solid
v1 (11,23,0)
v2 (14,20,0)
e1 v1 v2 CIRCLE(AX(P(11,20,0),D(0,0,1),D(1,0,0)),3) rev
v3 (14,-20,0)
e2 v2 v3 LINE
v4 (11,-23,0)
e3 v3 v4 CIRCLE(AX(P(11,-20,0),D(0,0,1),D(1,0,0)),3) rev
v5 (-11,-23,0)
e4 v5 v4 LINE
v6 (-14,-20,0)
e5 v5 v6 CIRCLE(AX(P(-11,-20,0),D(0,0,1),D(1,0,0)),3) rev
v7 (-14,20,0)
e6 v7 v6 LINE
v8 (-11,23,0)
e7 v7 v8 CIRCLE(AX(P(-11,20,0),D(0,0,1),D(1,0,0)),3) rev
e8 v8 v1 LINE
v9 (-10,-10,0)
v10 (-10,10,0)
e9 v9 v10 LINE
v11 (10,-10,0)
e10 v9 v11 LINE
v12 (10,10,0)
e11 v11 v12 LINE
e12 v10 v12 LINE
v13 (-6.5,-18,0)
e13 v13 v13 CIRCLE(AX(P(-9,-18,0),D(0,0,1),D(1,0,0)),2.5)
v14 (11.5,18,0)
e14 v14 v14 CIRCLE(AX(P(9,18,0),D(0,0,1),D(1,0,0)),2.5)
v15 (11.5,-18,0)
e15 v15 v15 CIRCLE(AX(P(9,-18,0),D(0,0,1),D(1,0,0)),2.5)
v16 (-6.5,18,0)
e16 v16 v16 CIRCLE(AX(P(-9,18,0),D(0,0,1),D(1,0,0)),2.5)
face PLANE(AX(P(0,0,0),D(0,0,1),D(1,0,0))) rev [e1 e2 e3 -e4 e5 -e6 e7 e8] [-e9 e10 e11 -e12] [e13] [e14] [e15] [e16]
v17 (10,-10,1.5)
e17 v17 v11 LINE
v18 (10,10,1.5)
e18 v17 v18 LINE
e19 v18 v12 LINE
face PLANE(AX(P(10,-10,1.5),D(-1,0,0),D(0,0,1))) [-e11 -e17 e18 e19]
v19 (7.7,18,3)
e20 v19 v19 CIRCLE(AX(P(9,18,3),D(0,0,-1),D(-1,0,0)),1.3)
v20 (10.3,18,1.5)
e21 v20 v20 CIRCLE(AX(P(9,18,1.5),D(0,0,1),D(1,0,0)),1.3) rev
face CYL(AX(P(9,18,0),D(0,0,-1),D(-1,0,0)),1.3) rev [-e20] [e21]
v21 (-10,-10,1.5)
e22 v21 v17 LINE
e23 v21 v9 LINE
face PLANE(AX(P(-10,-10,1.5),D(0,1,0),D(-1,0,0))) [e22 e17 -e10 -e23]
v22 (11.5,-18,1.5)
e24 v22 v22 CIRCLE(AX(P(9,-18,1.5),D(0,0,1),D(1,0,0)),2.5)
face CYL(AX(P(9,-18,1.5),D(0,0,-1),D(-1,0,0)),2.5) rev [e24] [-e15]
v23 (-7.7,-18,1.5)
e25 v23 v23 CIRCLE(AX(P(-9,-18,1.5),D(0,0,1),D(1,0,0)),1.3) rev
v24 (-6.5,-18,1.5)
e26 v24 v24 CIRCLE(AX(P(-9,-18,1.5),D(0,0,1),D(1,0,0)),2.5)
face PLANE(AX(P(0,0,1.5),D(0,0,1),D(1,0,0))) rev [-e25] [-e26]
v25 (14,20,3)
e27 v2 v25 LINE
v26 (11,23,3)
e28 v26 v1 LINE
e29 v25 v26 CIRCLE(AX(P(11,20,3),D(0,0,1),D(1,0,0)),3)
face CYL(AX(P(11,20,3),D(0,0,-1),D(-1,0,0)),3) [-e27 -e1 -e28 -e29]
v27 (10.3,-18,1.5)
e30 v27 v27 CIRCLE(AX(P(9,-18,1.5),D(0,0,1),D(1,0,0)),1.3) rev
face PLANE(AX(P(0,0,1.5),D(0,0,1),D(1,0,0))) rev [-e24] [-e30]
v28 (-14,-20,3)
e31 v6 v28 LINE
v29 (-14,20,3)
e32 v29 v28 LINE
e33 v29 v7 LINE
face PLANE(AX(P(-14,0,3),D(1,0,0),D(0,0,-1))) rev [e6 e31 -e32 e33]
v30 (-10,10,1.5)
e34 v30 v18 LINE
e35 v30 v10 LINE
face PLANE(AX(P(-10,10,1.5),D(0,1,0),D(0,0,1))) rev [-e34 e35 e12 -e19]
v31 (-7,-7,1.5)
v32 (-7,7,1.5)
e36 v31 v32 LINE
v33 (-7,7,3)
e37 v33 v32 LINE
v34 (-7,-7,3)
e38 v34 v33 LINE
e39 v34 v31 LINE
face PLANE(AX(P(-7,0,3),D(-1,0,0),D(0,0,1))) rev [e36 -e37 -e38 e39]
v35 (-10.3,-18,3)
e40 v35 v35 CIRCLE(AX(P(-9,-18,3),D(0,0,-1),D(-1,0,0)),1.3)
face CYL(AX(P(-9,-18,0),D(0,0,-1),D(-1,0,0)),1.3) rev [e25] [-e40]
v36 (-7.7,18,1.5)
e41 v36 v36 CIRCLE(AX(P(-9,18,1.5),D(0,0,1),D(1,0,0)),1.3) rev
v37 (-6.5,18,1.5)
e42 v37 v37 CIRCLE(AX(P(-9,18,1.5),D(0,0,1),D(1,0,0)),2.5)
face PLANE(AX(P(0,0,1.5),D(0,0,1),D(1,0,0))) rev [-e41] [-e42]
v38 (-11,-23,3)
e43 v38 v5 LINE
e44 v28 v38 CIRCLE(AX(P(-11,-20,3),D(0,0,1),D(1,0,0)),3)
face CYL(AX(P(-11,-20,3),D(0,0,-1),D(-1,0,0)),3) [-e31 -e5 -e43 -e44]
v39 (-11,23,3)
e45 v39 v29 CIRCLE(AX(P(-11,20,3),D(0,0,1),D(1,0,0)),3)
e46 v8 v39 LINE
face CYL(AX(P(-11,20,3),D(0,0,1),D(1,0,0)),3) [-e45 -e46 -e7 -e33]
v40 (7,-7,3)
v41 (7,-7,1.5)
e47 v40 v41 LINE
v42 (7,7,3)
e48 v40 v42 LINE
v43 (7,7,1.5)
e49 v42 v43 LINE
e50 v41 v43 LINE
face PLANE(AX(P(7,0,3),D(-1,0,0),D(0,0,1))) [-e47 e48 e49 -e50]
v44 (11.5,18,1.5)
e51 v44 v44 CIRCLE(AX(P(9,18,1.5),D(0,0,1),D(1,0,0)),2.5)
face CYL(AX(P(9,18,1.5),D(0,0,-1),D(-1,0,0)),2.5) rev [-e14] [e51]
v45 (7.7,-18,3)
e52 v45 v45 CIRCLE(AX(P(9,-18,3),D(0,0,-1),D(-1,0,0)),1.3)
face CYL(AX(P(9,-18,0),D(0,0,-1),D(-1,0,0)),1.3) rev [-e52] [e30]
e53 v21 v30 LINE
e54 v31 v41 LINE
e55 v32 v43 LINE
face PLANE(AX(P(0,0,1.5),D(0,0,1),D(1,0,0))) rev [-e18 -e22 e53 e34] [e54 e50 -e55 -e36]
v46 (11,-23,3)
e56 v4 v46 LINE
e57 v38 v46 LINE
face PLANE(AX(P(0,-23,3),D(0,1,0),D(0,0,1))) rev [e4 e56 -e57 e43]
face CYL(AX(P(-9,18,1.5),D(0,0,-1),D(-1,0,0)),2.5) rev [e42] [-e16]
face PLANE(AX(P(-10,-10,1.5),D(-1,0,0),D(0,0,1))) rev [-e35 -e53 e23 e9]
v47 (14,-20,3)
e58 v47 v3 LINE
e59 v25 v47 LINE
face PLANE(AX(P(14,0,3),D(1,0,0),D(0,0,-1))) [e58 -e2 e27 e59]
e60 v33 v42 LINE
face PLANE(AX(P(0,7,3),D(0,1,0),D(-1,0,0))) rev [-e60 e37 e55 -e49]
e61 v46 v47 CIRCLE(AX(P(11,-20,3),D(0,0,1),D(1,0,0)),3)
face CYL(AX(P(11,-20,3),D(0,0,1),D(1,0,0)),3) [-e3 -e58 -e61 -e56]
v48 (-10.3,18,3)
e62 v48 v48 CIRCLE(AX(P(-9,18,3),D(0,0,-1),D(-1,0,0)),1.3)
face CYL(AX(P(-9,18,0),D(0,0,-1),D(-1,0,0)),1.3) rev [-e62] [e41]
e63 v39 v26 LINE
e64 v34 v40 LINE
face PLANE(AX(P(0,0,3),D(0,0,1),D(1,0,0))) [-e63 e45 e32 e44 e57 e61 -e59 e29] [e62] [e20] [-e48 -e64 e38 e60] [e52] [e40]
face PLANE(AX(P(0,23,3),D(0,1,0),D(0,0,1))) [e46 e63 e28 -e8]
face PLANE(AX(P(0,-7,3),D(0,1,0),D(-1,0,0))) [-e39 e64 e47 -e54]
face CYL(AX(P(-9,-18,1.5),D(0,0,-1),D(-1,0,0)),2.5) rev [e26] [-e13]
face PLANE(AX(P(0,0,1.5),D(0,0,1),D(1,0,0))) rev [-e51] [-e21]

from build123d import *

# Parameters (mm, degrees)
SKETCH2_W                  = 46
SKETCH2_H                  = 28
SKETCH2_W_2                = 14
SKETCH2_H_2                = 14
BOSS_EXTRUDE1_DEPTH        = 3
F_2_6_2_6_DIAMETER_HOLE1_D = 2.6
SKETCH2_6_W                = 20
SKETCH2_6_H                = 20
SKETCH2_6_R                = 2.5
CUT_EXTRUDE2_DEPTH         = 1.5
FILLET1_R                  = 3


with BuildPart() as part:
    # Sketch2 → Boss-Extrude1 (new body)
    with BuildSketch(Plane(origin=(0, 0, 0), x_dir=(0, 1, 0), z_dir=(0, 0, 1))):
        Rectangle(SKETCH2_W, SKETCH2_H)
        Rectangle(SKETCH2_W_2, SKETCH2_H_2, mode=Mode.SUBTRACT)
    extrude(amount=BOSS_EXTRUDE1_DEPTH)

    # Ø2.6 (2.6) Diameter Hole1 (through all)
    with Locations(Plane(origin=(0, 0, 0), x_dir=(-1, 0, 0), z_dir=(0, 0, -1))):
        with Locations((-9, -18), (9, -18), (-9, 18), (9, 18)):
            Hole(F_2_6_2_6_DIAMETER_HOLE1_D / 2)

    # Sketch2<6> → Cut-Extrude2 (cut)
    with BuildSketch(Plane(origin=(0, 0, 0), x_dir=(0, 1, 0), z_dir=(0, 0, 1))):
        Rectangle(SKETCH2_6_W, SKETCH2_6_H)
        with Locations((-18, 9)):
            Circle(SKETCH2_6_R)
        with Locations((18, 9)):
            Circle(SKETCH2_6_R)
        with Locations((18, -9)):
            Circle(SKETCH2_6_R)
        with Locations((-18, -9)):
            Circle(SKETCH2_6_R)
    extrude(amount=CUT_EXTRUDE2_DEPTH, mode=Mode.SUBTRACT)

    # Fillet1
    fillet1_edges = [part.edges().sort_by_distance(p)[0] for p in [
        (14, 23, 1.5),
        (14, -23, 1.5),
        (-14, -23, 1.5),
        (-14, 23, 1.5),
    ]]
    fillet(fillet1_edges, radius=FILLET1_R)


solid = part.part
